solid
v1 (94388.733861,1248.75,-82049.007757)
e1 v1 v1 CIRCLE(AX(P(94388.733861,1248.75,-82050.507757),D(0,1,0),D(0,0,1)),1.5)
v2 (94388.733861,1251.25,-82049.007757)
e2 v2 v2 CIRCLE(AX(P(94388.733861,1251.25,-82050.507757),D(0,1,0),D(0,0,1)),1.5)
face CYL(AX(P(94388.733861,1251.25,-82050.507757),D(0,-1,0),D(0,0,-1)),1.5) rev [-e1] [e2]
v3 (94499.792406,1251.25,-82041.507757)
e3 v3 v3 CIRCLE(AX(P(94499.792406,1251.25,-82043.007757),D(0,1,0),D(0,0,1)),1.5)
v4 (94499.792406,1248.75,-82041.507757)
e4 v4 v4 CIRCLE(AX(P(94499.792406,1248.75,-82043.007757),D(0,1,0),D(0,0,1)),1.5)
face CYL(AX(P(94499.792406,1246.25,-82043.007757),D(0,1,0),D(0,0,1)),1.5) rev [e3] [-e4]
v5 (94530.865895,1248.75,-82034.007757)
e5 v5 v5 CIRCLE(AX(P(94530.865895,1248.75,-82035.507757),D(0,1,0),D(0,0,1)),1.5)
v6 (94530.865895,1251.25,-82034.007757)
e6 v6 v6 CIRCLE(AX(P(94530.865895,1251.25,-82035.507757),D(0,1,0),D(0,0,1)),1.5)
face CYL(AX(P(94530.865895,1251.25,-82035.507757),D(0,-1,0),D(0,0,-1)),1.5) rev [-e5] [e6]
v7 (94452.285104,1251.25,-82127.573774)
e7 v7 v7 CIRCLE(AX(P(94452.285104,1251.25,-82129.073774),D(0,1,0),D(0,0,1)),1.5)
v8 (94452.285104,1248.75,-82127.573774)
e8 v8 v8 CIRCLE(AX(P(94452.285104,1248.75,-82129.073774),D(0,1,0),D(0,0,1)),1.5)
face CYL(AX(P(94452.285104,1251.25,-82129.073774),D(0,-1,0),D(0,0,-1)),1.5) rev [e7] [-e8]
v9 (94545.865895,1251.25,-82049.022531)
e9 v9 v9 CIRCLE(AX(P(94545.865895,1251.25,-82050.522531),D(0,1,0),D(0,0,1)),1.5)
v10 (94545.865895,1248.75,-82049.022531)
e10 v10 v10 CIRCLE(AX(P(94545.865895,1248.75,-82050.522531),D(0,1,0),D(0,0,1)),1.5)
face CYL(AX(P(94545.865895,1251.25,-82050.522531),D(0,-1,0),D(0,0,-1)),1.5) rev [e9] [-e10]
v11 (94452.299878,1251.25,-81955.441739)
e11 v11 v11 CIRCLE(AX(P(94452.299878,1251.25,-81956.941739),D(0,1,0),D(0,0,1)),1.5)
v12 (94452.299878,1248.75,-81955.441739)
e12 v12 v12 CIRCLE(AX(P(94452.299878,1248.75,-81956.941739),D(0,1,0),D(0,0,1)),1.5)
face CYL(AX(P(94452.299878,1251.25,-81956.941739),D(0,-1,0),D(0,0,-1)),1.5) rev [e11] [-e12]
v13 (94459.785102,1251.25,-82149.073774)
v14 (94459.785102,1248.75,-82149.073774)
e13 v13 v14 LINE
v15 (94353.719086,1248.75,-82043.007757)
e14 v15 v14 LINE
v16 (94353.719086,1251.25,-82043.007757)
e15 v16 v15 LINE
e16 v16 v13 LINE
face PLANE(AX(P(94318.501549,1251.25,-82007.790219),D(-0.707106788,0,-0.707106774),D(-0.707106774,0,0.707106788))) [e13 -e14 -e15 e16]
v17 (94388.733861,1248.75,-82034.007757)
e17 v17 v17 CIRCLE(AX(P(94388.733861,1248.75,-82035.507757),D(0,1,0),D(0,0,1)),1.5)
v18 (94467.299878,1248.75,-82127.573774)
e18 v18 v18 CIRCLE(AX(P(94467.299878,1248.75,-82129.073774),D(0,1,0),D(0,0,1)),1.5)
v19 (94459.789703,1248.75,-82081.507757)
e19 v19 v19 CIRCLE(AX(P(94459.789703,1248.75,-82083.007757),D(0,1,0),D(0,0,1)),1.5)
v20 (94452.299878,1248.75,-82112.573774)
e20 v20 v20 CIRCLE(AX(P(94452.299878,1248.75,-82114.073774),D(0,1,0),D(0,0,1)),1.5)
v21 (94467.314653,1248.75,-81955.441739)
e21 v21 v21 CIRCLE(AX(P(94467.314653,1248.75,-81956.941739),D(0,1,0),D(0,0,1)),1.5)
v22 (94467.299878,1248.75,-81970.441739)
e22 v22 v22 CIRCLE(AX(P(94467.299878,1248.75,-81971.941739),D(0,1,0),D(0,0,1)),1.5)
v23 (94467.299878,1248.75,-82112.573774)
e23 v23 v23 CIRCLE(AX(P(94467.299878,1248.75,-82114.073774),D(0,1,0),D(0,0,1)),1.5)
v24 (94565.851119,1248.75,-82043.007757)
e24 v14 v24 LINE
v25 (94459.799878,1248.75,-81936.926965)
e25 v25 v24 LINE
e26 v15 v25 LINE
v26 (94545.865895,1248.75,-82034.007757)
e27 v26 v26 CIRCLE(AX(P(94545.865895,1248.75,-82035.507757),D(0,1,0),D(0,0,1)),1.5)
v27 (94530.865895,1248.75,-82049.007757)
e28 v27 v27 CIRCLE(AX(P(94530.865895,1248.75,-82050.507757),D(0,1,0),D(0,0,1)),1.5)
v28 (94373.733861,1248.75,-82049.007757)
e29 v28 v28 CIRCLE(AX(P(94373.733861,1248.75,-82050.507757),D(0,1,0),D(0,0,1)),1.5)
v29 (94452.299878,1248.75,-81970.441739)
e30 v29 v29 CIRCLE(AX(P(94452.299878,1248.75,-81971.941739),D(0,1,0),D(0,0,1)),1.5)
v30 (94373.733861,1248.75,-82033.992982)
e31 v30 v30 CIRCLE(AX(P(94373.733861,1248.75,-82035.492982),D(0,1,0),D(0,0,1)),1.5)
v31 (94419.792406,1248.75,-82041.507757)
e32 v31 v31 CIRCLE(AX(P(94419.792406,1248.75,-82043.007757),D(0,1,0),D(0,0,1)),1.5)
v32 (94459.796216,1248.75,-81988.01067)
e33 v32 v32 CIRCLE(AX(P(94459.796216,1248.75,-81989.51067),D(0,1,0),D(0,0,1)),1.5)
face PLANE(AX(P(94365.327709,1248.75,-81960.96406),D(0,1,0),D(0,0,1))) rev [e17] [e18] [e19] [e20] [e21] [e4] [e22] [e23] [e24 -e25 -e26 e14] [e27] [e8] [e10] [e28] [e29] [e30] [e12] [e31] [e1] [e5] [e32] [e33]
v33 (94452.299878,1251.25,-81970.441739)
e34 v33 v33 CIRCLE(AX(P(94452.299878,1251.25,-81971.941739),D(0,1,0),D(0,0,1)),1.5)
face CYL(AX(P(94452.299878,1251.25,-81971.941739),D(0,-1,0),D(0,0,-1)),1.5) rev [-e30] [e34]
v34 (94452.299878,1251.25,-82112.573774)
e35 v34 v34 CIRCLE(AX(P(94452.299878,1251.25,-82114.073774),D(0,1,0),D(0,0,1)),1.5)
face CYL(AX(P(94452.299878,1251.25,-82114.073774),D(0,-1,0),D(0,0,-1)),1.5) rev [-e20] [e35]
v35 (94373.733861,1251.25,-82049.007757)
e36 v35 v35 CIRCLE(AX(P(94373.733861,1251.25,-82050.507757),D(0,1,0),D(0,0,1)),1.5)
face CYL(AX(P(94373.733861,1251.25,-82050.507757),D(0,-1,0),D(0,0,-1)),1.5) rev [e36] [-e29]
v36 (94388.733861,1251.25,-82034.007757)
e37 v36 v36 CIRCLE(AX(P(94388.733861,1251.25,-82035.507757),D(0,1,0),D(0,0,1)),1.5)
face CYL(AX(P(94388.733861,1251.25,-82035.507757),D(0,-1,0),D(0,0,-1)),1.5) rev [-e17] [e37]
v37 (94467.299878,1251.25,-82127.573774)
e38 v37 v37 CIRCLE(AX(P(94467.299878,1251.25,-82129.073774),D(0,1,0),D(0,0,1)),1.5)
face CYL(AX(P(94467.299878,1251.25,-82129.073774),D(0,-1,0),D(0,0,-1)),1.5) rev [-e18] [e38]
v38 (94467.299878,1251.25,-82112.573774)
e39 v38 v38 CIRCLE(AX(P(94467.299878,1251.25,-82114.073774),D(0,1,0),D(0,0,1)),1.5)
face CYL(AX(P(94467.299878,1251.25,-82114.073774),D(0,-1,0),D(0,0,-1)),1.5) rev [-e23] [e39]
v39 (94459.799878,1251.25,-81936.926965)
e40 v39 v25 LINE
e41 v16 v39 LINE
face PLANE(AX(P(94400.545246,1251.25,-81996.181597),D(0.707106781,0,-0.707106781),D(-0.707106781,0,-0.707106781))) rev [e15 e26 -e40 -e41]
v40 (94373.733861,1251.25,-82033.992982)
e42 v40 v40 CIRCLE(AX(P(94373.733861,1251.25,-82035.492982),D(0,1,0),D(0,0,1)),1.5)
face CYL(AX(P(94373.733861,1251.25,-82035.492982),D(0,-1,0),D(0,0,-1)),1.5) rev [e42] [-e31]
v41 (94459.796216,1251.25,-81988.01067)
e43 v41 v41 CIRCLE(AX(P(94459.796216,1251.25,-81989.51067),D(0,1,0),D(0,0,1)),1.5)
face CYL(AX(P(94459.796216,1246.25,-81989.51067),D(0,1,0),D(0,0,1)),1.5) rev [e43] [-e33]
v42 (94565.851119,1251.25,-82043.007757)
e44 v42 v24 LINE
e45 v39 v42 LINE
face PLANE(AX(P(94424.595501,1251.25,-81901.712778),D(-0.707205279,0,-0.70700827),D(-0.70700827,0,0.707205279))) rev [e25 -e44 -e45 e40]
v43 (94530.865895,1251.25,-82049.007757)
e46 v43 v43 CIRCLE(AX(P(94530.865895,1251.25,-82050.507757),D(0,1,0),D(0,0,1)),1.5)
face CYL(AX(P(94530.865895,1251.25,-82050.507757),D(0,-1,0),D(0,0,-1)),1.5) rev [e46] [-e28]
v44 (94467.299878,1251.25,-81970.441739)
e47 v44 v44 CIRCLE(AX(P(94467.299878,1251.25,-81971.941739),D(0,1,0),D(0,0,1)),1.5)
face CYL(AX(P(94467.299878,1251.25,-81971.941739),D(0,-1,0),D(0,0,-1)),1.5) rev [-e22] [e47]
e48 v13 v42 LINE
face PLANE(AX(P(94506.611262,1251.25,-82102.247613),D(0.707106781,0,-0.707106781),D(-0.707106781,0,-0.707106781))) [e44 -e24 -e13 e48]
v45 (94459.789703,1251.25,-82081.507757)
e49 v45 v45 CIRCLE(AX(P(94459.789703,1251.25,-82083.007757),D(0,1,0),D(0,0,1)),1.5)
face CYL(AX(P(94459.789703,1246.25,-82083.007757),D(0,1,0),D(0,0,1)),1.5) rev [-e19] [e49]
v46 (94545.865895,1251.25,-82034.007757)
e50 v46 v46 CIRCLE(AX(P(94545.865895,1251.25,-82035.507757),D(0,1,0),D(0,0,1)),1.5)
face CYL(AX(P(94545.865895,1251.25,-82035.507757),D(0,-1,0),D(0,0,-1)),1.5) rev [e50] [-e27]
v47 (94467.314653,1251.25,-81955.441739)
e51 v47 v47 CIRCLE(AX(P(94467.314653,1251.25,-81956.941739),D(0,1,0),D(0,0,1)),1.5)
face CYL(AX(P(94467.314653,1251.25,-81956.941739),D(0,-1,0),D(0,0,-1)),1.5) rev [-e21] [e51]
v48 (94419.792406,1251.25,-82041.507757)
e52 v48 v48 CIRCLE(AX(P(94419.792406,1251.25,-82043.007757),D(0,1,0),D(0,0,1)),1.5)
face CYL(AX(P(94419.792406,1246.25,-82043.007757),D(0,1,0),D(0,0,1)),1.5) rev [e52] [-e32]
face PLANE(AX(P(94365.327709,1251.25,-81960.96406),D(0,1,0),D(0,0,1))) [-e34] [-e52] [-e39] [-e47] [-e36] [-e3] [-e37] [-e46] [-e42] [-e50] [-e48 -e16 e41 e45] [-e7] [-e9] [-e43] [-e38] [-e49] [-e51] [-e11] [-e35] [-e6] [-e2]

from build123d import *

# Parameters (mm, degrees)
SKETCH3_R           = 1500
BOSS_EXTRUDE2_DEPTH = 2500
SKETCH4_R           = 1500
CUT_EXTRUDE4_DEPTH  = 5000
SCALE1_SCALE        = 0.001


with BuildPart() as part:
    # Sketch3 → Boss-Extrude2 (new body)
    with BuildSketch(Plane(origin=(0, 0, 0), x_dir=(1, 0, 0), z_dir=(0, 1, 0))):
        Polygon((94457.392609736, 188109.713508362), (200523.409787719, 82043.696330379), (94472.169284797, -24037.095464325), (-11608.622509908, 82043.696330379), align=None)
        with Locations((23406.152106819, 74543.696330375)):
            Circle(SKETCH3_R, mode=Mode.SUBTRACT)
        with Locations((8406.152106819, 89543.696330375)):
            Circle(SKETCH3_R, mode=Mode.SUBTRACT)
        with Locations((8406.152106819, 74528.921713652)):
            Circle(SKETCH3_R, mode=Mode.SUBTRACT)
        with Locations((101972.169284806, 10977.679152396)):
            Circle(SKETCH3_R, mode=Mode.SUBTRACT)
        with Locations((86972.169284806, -4022.320847604)):
            Circle(SKETCH3_R, mode=Mode.SUBTRACT)
        with Locations((101986.943901529, -4022.320847604)):
            Circle(SKETCH3_R, mode=Mode.SUBTRACT)
        with Locations((165538.186462784, 89543.696330384)):
            Circle(SKETCH3_R, mode=Mode.SUBTRACT)
        with Locations((180538.186462784, 74543.696330384)):
            Circle(SKETCH3_R, mode=Mode.SUBTRACT)
        with Locations((180538.186462784, 89558.470947106)):
            Circle(SKETCH3_R, mode=Mode.SUBTRACT)
        with Locations((23406.152106818, 89543.696330376)):
            Circle(SKETCH3_R, mode=Mode.SUBTRACT)
        with Locations((86972.169284804, 10977.679152397)):
            Circle(SKETCH3_R, mode=Mode.SUBTRACT)
        with Locations((165538.186462783, 74543.696330383)):
            Circle(SKETCH3_R, mode=Mode.SUBTRACT)
        with Locations((86972.169284797, 153109.713508362)):
            Circle(SKETCH3_R, mode=Mode.SUBTRACT)
        with Locations((101972.169284797, 153109.713508362)):
            Circle(SKETCH3_R, mode=Mode.SUBTRACT)
        with Locations((101972.169284797, 168109.713508362)):
            Circle(SKETCH3_R, mode=Mode.SUBTRACT)
        with Locations((86957.394668074, 168109.713508362)):
            Circle(SKETCH3_R, mode=Mode.SUBTRACT)
    extrude(amount=BOSS_EXTRUDE2_DEPTH)

    # Sketch4 → Cut-Extrude4 (cut)
    with BuildSketch(Plane(origin=(0, 2500, 0), x_dir=(1, 0, 0), z_dir=(0, 1, 0))):
        with Locations((94468.506668684, 28546.60944503)):
            Circle(SKETCH4_R)
        with Locations((54464.69695623, 82043.696330379)):
            Circle(SKETCH4_R)
        with Locations((94461.994310196, 122043.696330379)):
            Circle(SKETCH4_R)
        with Locations((134464.69695623, 82043.696330379)):
            Circle(SKETCH4_R)
    extrude(amount=-CUT_EXTRUDE4_DEPTH, mode=Mode.SUBTRACT)


with BuildPart() as part_1:
    # Scale1: scaled about (94459.787496469, 1250, -82043.00706731)
    add(part.part.scale(SCALE1_SCALE).moved(Location((94365.327708973, 1248.75, -81960.964060243))))


solid = part_1.part
